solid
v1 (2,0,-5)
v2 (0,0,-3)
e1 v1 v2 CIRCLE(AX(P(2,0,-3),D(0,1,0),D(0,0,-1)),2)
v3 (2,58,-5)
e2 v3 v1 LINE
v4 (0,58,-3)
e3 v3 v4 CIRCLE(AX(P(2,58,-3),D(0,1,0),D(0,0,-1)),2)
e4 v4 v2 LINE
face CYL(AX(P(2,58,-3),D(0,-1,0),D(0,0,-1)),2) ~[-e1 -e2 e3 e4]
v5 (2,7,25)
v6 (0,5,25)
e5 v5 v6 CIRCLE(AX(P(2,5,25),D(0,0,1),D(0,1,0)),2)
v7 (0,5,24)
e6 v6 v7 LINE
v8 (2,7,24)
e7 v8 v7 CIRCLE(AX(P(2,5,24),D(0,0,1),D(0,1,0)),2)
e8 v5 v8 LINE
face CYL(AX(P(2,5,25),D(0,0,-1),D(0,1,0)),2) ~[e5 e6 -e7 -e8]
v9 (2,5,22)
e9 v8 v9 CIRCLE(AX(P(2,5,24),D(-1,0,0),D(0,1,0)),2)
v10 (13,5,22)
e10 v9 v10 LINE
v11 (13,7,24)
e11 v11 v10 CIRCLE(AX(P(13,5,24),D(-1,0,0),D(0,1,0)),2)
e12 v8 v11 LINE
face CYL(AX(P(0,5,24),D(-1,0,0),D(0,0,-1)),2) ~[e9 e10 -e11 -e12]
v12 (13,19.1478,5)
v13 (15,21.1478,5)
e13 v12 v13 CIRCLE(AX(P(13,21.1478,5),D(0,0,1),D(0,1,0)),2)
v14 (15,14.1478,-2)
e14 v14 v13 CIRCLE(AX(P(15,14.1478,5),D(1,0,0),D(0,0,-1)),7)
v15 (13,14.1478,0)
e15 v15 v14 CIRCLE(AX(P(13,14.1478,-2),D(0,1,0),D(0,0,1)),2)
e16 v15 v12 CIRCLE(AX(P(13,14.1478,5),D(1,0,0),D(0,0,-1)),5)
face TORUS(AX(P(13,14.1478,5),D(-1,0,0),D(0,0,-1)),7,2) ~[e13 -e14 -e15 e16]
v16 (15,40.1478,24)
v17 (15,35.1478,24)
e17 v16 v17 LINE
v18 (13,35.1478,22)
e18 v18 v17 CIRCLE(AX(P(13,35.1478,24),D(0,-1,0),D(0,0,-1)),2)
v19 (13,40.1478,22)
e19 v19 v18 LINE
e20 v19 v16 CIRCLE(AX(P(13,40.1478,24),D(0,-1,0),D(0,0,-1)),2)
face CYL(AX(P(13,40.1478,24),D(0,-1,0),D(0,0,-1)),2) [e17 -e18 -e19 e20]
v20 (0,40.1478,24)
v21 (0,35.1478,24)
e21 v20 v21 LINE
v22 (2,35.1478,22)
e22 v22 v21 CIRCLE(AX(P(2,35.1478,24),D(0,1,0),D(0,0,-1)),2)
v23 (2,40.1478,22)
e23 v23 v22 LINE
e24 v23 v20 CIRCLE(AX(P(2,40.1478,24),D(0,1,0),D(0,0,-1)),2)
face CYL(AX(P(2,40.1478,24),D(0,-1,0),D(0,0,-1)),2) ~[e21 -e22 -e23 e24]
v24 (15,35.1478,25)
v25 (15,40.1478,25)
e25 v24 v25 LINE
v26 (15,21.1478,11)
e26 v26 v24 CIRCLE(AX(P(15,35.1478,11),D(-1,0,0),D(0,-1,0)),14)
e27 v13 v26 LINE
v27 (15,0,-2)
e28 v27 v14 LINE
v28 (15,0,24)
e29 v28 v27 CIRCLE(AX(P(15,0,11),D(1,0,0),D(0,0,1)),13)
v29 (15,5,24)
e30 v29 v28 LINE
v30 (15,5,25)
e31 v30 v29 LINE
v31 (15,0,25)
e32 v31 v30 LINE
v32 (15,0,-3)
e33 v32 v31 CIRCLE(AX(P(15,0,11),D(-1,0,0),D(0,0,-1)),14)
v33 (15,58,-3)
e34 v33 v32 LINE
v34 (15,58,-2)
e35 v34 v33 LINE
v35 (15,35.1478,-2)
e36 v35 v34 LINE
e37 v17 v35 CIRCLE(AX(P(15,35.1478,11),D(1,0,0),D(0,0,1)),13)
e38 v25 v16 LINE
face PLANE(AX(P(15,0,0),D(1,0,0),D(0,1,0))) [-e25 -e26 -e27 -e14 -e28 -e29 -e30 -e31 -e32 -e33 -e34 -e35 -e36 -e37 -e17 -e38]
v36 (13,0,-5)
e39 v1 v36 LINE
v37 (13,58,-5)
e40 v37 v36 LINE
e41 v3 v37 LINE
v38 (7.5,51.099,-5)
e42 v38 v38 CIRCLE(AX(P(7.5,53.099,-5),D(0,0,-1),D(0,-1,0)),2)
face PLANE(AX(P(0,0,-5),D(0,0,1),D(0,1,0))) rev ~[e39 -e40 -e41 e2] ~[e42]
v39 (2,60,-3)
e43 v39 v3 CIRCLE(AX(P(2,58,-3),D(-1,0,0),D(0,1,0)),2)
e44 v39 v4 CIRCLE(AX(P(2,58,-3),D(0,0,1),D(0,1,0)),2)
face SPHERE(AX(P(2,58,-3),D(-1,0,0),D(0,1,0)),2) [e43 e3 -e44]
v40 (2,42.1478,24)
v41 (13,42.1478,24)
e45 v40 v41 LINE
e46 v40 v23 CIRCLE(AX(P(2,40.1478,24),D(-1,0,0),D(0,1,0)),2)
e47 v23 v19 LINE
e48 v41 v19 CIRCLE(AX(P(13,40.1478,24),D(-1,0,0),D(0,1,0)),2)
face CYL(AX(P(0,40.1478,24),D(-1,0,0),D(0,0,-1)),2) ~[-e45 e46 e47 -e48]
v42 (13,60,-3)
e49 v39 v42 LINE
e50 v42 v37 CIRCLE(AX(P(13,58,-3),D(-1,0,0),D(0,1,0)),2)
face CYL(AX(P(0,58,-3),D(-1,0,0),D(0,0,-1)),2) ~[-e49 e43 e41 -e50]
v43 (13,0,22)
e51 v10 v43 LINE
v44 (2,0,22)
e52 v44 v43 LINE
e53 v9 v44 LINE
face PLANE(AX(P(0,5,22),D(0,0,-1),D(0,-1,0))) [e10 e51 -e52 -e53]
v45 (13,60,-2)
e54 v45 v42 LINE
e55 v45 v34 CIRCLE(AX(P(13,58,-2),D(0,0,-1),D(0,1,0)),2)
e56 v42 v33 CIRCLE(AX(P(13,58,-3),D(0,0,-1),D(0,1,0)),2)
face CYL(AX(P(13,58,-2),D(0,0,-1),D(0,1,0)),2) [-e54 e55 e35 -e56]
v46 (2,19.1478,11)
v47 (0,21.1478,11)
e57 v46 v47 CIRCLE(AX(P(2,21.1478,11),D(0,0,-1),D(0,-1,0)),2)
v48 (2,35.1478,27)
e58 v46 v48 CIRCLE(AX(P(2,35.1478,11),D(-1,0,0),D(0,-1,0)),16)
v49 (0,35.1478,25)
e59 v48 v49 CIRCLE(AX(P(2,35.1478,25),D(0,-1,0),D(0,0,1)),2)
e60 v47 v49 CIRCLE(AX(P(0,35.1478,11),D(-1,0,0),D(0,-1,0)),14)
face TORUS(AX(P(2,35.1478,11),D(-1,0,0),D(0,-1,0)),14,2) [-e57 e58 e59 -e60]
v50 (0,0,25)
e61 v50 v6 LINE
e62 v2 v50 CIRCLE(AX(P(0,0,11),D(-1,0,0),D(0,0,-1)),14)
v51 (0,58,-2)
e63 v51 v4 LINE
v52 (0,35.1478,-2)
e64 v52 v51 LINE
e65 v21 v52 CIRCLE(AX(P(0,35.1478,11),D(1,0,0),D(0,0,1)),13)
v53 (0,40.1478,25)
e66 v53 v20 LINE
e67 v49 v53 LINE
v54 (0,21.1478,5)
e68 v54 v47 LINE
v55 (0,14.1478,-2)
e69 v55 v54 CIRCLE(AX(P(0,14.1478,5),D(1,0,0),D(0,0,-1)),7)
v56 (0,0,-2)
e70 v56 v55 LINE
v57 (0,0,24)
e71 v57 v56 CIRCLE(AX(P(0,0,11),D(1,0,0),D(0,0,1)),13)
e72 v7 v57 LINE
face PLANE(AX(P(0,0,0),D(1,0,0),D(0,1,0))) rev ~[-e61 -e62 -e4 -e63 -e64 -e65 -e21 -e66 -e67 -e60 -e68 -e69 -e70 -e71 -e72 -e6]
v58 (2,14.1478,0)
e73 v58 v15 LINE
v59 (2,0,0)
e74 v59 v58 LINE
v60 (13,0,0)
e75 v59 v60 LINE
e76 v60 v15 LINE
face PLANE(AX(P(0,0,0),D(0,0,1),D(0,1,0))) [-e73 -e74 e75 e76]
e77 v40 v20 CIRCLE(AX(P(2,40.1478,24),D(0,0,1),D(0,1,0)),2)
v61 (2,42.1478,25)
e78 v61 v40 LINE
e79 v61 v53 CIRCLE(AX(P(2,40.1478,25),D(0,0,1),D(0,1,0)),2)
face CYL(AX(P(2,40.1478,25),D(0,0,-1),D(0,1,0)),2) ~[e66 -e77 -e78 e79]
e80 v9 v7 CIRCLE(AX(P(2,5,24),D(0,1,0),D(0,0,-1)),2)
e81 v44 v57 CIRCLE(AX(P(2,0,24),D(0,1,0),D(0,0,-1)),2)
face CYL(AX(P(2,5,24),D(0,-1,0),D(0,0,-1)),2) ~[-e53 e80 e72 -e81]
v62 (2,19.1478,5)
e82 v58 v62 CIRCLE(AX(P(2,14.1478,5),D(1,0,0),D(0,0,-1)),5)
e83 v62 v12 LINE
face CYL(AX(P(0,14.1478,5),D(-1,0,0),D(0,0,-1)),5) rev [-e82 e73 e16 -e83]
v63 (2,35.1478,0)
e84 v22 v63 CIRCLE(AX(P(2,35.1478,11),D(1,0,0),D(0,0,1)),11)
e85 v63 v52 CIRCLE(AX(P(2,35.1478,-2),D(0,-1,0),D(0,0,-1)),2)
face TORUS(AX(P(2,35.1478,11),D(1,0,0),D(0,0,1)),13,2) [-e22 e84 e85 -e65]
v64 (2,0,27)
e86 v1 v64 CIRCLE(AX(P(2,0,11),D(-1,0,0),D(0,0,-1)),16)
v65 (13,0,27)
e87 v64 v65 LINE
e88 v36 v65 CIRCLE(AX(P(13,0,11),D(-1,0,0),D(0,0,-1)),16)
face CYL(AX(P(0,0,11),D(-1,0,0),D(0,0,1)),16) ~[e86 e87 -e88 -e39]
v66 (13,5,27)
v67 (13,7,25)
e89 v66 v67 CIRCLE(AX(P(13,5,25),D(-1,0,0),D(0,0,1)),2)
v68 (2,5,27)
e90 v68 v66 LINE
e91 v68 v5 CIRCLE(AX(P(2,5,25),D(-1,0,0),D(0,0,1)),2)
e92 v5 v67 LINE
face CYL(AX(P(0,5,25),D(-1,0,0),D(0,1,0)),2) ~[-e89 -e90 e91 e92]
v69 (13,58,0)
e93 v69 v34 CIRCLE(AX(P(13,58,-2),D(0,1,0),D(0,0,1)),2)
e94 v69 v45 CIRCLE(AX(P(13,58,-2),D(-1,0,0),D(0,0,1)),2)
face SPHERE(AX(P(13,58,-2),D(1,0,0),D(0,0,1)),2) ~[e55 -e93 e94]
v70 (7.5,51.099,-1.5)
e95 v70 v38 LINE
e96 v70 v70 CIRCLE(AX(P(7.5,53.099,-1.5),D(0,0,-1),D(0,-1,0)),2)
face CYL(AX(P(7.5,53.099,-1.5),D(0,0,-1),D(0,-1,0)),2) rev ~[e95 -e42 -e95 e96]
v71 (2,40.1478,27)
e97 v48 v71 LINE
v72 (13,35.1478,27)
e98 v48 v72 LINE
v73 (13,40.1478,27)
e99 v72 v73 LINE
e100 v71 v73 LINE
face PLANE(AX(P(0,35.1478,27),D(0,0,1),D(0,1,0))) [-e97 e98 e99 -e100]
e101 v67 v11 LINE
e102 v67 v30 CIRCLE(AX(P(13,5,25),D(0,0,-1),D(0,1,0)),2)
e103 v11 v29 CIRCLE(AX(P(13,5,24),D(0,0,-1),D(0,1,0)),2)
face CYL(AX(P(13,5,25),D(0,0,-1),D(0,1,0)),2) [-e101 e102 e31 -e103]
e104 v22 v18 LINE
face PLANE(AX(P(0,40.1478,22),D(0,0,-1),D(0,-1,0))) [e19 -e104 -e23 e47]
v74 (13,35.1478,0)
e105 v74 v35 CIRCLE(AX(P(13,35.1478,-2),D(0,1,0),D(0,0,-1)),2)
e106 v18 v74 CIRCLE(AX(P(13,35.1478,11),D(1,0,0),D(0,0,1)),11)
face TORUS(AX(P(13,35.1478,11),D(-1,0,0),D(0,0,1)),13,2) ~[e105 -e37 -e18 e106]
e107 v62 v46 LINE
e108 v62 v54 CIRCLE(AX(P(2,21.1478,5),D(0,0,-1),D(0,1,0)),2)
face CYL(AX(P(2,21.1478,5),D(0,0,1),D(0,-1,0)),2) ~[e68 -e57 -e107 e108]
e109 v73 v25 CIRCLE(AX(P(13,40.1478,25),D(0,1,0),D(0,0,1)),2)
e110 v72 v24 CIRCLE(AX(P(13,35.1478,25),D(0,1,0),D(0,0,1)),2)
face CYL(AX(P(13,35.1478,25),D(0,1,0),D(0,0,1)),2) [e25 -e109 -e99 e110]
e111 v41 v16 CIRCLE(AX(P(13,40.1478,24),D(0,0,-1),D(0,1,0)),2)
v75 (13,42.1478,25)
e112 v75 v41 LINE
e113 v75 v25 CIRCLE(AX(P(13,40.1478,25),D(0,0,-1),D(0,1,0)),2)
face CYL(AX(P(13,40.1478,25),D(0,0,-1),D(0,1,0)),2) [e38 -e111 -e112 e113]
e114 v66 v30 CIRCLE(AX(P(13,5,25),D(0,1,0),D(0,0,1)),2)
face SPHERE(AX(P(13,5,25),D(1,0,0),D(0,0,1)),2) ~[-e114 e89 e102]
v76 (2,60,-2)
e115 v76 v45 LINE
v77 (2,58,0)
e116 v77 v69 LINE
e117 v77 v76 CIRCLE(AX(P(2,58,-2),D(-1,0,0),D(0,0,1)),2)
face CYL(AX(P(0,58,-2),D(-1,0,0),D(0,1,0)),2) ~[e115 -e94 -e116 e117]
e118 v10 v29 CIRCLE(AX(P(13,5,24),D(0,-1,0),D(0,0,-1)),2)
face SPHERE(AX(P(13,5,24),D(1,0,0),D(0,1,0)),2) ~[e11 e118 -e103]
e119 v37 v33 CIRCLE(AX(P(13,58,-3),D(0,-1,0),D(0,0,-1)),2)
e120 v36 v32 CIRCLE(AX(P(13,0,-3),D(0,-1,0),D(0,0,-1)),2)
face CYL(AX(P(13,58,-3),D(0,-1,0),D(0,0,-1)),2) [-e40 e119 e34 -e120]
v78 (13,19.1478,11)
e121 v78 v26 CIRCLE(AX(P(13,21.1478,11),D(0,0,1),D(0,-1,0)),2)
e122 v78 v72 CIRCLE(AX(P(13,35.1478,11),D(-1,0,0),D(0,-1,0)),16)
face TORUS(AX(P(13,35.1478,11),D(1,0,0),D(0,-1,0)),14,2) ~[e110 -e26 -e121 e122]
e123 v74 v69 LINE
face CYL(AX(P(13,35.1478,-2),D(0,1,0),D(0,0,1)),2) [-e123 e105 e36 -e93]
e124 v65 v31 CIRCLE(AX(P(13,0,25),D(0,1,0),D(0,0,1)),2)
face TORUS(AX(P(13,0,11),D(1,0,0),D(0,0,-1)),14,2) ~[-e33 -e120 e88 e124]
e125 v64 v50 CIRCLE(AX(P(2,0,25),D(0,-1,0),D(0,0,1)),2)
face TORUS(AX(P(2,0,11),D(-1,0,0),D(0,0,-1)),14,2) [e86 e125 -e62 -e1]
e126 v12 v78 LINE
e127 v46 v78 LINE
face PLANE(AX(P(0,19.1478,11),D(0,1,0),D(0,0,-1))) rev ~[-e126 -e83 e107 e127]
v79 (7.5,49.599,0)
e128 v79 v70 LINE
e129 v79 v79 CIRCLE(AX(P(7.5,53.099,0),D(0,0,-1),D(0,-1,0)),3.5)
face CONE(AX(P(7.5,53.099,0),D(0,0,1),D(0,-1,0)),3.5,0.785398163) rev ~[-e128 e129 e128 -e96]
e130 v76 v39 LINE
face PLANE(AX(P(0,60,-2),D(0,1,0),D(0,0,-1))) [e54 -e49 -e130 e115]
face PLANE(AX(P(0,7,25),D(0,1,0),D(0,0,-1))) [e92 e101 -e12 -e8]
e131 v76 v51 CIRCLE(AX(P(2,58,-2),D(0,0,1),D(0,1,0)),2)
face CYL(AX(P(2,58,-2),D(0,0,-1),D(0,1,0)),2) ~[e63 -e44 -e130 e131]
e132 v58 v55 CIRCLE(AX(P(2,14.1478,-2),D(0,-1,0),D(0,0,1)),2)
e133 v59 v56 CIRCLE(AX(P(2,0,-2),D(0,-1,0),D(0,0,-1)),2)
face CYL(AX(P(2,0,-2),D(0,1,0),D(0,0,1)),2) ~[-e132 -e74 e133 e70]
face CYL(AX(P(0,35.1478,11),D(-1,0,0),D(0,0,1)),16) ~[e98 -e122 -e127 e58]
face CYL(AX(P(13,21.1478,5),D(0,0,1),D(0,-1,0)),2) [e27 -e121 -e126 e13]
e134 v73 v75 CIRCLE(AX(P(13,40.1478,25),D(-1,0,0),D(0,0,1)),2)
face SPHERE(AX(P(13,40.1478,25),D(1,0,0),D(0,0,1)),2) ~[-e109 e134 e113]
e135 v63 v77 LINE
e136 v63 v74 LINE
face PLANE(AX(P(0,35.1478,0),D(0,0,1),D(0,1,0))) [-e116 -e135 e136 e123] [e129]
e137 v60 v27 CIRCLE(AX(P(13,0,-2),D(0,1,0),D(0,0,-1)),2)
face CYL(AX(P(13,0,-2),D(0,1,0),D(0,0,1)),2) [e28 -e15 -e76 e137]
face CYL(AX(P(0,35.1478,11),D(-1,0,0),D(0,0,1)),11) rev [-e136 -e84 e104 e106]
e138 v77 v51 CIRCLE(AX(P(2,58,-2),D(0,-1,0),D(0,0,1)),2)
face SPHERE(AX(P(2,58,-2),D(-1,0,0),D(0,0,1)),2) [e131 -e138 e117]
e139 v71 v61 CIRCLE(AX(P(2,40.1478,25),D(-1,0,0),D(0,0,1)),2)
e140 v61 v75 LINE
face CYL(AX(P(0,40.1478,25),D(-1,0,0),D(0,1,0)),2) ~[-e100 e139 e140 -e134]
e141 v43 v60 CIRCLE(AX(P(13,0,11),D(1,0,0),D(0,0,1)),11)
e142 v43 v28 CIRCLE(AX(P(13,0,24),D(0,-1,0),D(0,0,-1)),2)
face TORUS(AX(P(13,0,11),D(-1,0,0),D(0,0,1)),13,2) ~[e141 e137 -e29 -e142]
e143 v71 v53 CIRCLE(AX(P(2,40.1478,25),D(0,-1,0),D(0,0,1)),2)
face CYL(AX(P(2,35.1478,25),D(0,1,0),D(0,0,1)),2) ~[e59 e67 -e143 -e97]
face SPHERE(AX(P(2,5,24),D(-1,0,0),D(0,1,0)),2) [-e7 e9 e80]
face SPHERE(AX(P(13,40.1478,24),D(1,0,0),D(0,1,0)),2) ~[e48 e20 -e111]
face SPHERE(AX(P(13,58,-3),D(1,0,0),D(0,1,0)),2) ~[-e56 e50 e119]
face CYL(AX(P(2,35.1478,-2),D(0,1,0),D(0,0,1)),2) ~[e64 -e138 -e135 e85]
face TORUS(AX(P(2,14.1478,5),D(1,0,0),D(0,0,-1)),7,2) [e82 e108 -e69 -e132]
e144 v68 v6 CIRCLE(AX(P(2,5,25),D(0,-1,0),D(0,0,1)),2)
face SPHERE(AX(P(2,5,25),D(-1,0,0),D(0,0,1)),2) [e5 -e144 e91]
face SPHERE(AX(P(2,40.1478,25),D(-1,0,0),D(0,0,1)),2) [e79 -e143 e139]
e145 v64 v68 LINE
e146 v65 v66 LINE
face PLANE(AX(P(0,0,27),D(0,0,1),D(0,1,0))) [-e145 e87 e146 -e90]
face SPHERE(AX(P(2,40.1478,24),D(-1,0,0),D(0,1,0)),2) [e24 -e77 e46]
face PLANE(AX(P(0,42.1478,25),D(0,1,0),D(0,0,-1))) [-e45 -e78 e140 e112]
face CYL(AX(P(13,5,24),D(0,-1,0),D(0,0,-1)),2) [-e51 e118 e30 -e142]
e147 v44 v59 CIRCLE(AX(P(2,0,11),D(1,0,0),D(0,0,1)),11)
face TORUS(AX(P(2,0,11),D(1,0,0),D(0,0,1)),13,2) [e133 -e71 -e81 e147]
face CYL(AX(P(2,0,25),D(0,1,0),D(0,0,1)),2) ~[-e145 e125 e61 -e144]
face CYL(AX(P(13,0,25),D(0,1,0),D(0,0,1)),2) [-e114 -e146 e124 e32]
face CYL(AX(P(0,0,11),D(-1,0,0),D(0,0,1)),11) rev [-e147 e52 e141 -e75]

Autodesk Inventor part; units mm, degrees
ref_plane "YZ Plane" through (0, 0, 0) normal (1, 0, 0) x (0, 1, 0)
ref_plane "XZ Plane" through (0, 0, 0) normal (0, 1, 0) x (-1, 0, 0)
ref_plane "XY Plane" through (0, 0, 0) normal (0, 0, 1) x (1, 0, 0)
sketch "Sketch1" plane through (0, 0, 0) normal (1, 0, 0) x (0, 1, 0)
  arc A0 (0, 22) -> (0, 0) centre (0, 11) ccw
  line L0 (-11, 11) -> (24, 11) construction
  arc A1 (35.1478, 22) -> (35.1478, 0) centre (35.1478, 11) ccw
  arc A2 (0, 27) -> (0, -5) centre (0, 11) ccw
  line L1 (0, -5) -> (58, -5)
  arc A3 (35.1478, 5022) -> (35.1478, -5000) centre (35.1478, 11) ccw
  arc A4 (35.1478, 27) -> (19.1478, 11) centre (35.1478, 11) ccw
  line L2 (0, 0) -> (14.1478, 0)
  line L3 (35.1478, 0) -> (58, 0)
  line L4 (35.1478, 27) -> (40.1478, 27)
  line L5 (42.1478, 25) -> (42.1478, 24)
  line L6 (40.1478, 22) -> (35.1478, 22)
  line L7 (0, 27) -> (5, 27)
  line L8 (7, 25) -> (7, 24)
  line L9 (5, 22) -> (0, 22)
  line L10 (60, -2) -> (60, -3)
  arc A5 (40.1478, 22) -> (42.1478, 24) centre (40.1478, 24) ccw
  arc A6 (42.1478, 25) -> (40.1478, 27) centre (40.1478, 25) ccw
  arc A7 (60, -2) -> (58, 0) centre (58, -2) ccw
  arc A8 (58, -5) -> (60, -3) centre (58, -3) ccw
  arc A9 (5, 22) -> (7, 24) centre (5, 24) ccw
  arc A10 (7, 25) -> (5, 27) centre (5, 25) ccw
  line L11 (19.1478, 11) -> (19.1478, 5)
  arc A11 (14.1478, 0) -> (19.1478, 5) centre (14.1478, 5) ccw
  point P0 (60, 0)
  point P1 (42.1478, 27)
  point P2 (42.1478, 22)
  point P3 (7, 27)
  dimension "d0" = 60
  dimension "d1" = 22
  dimension "d2" = 35
  dimension "d3" = 22
  dimension "d5" = 5
  dimension "d6" = 5000
  dimension "d7" = 5
  dimension "d8" = 7
  dimension "d9" = 5
  dimension "d10" = 7
  dimension "d11" = 2
  dimension "d12" = 5
extrude "Extrusion1" add sketch "Sketch1" along normal blind 15
fillet "Fillet1" radius 2 44 edges at (0, 37.6478, 22) (0, 41.562, 22.5858) (0, 42.1478, 24.5) (0, 41.562, 26.4142) (0, 37.6478, 27) (0, 23.8341, 22.3137) (0, 19.1478, 8) (0, 17.6833, 1.4645) (0, 7.0739, 0) (0, -11, 11) (0, 2.5, 22) (0, 6.4142, 22.5858) (0, 7, 24.5) (0, 6.4142, 26.4142) (0, 2.5, 27) (0, -16, 11) (0, 29, -5) (0, 59.4142, -4.4142) (0, 60, -2.5) (0, 59.4142, -0.5858) (0, 46.5739, 0) (0, 24.1478, 11) (15, 37.6478, 22) (15, 41.562, 22.5858) (15, 42.1478, 24.5) (15, 41.562, 26.4142) (15, 37.6478, 27) (15, 23.8341, 22.3137) (15, 19.1478, 8) (15, 17.6833, 1.4645) (15, 7.0739, 0) (15, -11, 11) (15, 2.5, 22) (15, 6.4142, 22.5858) (15, 7, 24.5) (15, 6.4142, 26.4142) (15, 2.5, 27) (15, -16, 11) (15, 29, -5) (15, 59.4142, -4.4142) (15, 60, -2.5) (15, 59.4142, -0.5858) (15, 46.5739, 0) (15, 24.1478, 11)
sketch "Sketch2" plane through (2, 58, 0) normal (0, 0, 1) x (1, 0, 0)
  line L0 (11, 0) -> (11, -22.8522) construction
  line L1 (0, 0) -> (11, 0) construction
  line L2 (0, -22.8522) -> (0, 0) construction
  line L3 (0, -22.8522) -> (11, -22.8522) construction
  line L4 (0, 0) -> (11, 0) construction
  line L5 (5.5, 0) -> (5.5, -9.8019) construction
  point P0 (-2, -58)
  point P1 (5.5, -4.901)
hole "Hole1" at (7.5, 53.099, 0) direction (0, 0, -1) diameter 4 end through all countersink diameter 7 countersink angle 90
properties part number "double_rounded"
